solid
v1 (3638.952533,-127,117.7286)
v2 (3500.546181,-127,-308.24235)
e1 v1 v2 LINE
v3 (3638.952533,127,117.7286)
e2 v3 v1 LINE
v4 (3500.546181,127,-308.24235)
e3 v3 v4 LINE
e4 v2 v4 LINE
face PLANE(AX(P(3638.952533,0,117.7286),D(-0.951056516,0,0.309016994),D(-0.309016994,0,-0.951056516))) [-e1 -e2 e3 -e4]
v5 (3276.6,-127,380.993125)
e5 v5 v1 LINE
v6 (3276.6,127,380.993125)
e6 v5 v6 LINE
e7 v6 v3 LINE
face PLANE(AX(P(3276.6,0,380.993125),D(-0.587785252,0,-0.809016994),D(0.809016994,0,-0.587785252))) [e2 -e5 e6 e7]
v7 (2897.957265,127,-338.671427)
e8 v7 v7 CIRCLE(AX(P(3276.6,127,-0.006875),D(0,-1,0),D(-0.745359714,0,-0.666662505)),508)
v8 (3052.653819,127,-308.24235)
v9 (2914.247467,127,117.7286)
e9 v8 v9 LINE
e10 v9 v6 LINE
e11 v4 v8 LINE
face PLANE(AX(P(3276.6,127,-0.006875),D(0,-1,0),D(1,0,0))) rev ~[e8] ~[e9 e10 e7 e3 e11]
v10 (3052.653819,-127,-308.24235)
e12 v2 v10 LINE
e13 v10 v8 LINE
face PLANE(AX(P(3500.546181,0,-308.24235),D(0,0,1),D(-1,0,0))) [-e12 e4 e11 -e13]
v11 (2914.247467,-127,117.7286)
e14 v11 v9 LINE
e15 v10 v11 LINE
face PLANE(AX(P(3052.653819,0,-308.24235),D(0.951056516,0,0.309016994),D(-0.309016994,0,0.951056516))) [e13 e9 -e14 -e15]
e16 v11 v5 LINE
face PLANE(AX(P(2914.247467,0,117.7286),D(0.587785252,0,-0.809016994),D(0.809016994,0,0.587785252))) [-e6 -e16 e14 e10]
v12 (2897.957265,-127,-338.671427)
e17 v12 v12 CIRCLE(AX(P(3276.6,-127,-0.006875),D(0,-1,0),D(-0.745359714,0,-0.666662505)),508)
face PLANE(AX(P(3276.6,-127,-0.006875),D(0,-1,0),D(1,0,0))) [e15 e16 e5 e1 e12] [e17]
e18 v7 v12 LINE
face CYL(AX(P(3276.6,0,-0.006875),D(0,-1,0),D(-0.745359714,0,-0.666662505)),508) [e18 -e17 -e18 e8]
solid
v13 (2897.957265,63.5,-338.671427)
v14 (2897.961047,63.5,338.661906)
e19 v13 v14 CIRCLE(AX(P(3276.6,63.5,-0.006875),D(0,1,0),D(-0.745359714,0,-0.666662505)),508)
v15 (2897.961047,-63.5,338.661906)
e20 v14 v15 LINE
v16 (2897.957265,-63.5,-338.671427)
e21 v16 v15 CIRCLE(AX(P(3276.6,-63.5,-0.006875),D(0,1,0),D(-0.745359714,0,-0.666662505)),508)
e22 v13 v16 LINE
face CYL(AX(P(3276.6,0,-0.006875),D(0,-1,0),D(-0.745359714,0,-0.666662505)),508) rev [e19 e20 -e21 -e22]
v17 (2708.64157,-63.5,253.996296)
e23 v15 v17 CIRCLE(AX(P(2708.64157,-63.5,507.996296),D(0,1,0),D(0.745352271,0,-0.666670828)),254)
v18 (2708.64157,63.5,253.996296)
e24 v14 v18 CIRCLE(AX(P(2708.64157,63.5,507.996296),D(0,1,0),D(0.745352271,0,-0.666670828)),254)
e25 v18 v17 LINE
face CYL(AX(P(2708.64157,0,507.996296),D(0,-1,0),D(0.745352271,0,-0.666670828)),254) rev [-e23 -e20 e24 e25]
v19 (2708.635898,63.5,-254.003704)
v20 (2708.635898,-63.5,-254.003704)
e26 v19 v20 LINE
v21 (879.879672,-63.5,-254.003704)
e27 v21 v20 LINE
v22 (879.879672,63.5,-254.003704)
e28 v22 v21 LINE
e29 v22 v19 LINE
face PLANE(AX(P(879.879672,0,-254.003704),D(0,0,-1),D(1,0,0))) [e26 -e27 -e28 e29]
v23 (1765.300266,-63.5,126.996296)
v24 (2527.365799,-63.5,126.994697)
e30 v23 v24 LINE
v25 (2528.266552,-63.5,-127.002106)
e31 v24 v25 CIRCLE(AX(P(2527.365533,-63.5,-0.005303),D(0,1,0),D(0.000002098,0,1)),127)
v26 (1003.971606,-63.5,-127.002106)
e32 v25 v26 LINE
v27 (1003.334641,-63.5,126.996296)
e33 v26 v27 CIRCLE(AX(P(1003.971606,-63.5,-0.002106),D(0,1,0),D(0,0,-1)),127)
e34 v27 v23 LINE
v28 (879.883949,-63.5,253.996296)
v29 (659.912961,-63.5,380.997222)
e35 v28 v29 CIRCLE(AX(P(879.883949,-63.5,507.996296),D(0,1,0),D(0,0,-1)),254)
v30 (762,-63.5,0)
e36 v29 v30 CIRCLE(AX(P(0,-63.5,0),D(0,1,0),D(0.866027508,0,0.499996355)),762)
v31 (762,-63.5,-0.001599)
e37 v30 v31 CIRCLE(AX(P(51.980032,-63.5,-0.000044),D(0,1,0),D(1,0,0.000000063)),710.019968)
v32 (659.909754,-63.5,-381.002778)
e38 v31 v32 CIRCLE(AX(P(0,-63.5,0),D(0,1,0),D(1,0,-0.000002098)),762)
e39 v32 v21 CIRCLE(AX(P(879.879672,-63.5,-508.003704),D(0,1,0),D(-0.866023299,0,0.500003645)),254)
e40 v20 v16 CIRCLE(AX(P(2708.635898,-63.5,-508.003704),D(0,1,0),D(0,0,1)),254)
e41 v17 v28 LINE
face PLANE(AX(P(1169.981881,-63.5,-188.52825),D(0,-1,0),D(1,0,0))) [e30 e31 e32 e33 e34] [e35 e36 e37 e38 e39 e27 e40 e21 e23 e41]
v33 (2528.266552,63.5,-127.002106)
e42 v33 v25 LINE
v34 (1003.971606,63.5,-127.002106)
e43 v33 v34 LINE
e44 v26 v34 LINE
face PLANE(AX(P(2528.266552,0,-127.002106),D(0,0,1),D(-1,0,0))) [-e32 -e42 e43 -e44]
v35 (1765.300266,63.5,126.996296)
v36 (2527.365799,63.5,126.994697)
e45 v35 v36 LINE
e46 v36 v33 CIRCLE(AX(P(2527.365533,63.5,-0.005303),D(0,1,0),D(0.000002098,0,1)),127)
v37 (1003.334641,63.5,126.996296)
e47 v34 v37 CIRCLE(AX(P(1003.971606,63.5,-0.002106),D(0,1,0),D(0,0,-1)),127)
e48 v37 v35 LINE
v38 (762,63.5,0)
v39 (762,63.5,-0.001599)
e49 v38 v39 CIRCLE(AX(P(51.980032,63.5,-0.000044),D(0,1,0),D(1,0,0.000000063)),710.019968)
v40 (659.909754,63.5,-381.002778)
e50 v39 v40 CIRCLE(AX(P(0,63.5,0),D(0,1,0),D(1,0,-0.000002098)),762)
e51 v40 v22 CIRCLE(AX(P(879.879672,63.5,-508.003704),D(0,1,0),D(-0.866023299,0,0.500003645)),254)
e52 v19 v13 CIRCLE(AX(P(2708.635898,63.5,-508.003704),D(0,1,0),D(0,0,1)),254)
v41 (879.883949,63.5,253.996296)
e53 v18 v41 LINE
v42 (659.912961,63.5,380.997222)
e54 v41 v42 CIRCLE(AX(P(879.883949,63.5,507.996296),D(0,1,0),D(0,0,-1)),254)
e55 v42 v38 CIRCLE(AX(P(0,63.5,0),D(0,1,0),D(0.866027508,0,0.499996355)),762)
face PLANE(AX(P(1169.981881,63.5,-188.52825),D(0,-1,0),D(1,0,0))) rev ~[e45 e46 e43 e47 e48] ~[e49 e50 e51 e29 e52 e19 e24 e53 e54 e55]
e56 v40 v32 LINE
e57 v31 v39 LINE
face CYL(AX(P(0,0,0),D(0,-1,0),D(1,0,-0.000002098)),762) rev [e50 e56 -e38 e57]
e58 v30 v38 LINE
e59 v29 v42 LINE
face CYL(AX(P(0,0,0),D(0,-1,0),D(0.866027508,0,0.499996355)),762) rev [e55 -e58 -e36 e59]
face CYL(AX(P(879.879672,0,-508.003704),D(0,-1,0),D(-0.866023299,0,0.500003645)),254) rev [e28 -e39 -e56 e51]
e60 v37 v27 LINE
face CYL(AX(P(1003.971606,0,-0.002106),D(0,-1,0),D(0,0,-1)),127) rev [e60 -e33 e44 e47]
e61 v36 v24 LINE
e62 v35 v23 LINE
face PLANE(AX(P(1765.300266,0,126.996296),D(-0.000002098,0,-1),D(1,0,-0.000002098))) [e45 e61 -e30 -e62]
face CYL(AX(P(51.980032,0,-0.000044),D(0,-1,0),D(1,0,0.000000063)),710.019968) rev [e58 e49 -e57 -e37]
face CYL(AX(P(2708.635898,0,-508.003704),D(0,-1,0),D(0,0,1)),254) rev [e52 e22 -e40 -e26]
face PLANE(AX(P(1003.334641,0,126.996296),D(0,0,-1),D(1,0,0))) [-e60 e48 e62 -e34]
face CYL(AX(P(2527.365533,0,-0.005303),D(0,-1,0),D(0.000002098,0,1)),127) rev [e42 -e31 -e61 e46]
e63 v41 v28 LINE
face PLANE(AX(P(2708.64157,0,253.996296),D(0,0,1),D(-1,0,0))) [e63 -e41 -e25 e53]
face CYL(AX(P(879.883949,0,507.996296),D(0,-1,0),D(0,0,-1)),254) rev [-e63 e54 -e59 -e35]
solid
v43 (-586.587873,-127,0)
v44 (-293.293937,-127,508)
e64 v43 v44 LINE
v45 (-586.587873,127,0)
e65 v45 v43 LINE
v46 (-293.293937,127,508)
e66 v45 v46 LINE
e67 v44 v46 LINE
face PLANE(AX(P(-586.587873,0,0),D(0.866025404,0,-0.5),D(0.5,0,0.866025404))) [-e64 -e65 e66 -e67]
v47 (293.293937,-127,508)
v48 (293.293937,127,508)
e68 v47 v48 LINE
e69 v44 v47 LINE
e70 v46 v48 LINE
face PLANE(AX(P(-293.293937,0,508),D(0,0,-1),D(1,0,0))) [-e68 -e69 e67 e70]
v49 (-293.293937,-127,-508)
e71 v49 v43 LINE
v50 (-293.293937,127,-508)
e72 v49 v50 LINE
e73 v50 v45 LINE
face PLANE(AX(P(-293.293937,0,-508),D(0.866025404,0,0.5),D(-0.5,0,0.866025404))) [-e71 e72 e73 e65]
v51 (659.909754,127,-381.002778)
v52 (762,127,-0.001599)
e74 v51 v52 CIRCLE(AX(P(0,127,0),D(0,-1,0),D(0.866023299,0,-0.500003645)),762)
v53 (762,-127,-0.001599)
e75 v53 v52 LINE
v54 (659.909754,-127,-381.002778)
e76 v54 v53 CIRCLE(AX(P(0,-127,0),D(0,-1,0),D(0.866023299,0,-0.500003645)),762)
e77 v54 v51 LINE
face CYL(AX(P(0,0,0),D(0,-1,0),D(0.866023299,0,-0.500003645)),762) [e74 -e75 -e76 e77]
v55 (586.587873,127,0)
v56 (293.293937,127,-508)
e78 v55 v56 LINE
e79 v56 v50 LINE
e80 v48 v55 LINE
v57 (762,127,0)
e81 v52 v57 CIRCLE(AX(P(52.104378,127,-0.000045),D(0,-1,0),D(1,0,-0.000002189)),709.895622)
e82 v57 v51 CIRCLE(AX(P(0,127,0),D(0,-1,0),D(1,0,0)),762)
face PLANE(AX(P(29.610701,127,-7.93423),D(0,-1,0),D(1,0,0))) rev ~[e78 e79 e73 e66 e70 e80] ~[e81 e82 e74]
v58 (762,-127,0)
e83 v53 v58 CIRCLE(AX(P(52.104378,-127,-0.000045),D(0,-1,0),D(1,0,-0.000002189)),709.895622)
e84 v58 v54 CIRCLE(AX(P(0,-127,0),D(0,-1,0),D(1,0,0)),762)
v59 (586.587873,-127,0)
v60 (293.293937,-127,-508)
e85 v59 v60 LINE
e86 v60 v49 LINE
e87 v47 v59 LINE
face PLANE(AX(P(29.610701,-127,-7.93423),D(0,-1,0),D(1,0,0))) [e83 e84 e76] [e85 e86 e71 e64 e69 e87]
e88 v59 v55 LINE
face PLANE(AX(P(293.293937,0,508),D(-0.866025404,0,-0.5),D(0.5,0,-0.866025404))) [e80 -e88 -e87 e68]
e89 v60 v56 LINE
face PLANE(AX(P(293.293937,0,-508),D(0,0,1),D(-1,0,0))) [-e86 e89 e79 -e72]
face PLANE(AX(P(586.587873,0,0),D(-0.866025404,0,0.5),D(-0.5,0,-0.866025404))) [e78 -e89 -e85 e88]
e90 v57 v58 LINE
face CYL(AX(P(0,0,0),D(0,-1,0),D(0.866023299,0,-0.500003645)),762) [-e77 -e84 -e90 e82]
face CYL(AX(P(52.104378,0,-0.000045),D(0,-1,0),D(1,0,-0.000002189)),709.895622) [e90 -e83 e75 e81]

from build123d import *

# Parameters (mm, degrees)
F1_DEPTH = 127
F2_DEPTH = 63.5


with BuildPart() as f1:
    # F0 (on Front) → F1 (new body, symmetric)
    with BuildSketch(Plane.XZ):
        with BuildLine():
            ThreePointArc((761.9999999983, -0.0015987574), (761.9999999996, -0.0007993787), (762, 0))
            ThreePointArc((762, 0), (736.0358947208, 197.21856323), (659.9129614632, 380.997222159))
            ThreePointArc((659.9129614632, 380.997222159), (-761.9999999932, 0.0032075745), (659.9097538887, -381.002777841))
            ThreePointArc((659.9097538887, -381.002777841), (736.034857643, -197.2224336491), (761.9999999983, -0.0015987574))
        make_face()
        Polygon((-586.5878734967, 0), (-293.2939367483, 508), (293.2939367483, 508), (586.5878734967, 0), (293.2939367483, -508), (-293.2939367483, -508), align=None, mode=Mode.SUBTRACT)
    extrude(amount=F1_DEPTH, both=True)


with BuildPart() as f1b:
    # F0 (on Front) → F1, piece 2 (new body, symmetric)
    with BuildSketch(Plane.XZ):
        with BuildLine():
            ThreePointArc((3784.6, -0.0068746569), (3457.8669463157, 474.5521776995), (2897.9610465616, 338.6619059224))
            ThreePointArc((2897.9610465616, 338.6619059224), (2802.0411378026, 181.2605694965), (2768.6000000011, -0.0058088186))
            ThreePointArc((2768.6000000011, -0.0058088186), (2802.0397455008, -181.2706737169), (2897.9572650798, -338.671427411))
            ThreePointArc((2897.9572650798, -338.671427411), (3457.8642968989, -474.5669390004), (3784.6, -0.0068746569))
        make_face()
        Polygon((3638.9525327085, 117.7286002), (3500.5461811234, -308.2423495137), (3052.6538188766, -308.2423495137), (2914.2474672915, 117.7286002), (3276.6, 380.9931253431), align=None, mode=Mode.SUBTRACT)
    extrude(amount=F1_DEPTH, both=True)


with BuildPart() as f2:
    # F0 (on Front) → F2 (new body, symmetric)
    with BuildSketch(Plane.XZ):
        with BuildLine():
            Line((876.9716055234, -0.0018399801), (761.9999999983, -0.0015987574))
            ThreePointArc((761.9999999983, -0.0015987574), (736.034857643, -197.2224336491), (659.9097538887, -381.002777841))
            ThreePointArc((659.9097538887, -381.002777841), (752.8801348259, -288.0329839291), (879.8796718516, -254.003703788))
            Line((879.8796718516, -254.003703788), (1765.2999999997, -254.003703788))
            Line((1765.2999999997, -254.003703788), (1765.2999999997, -127.0021064397))
            Line((1765.2999999997, -127.0021064397), (1003.9716055232, -127.0021064397))
            ThreePointArc((1003.9716055232, -127.0021064397), (914.1689501048, -89.8045734427), (876.9716055234, -0.0018399801))
        make_face()
        with BuildLine():
            ThreePointArc((659.9129614632, 380.997222159), (736.0358947208, 197.21856323), (762, 0))
            ThreePointArc((762, 0), (761.9999999996, -0.0007993787), (761.9999999983, -0.0015987574))
            Line((761.9999999983, -0.0015987574), (876.9716055234, -0.0018399801))
            ThreePointArc((876.9716055234, -0.0018399801), (913.9442189309, 89.5750651129), (1003.3346408523, 126.9962962117))
            Line((1003.3346408523, 126.9962962117), (1765.2999999997, 126.9962962117))
            Line((1765.2999999997, 126.9962962117), (1765.2999999997, 253.996296212))
            Line((1765.2999999997, 253.996296212), (879.8839486176, 253.996296212))
            ThreePointArc((879.8839486176, 253.996296212), (752.8834856449, 288.0261109488), (659.9129614632, 380.997222159))
        make_face()
        with BuildLine():
            Line((2708.6415698423, 253.996296212), (1765.2999999997, 253.996296212))
            Line((1765.2999999997, 253.996296212), (1765.2999999997, 126.9962962117))
            Line((1765.2999999997, 126.9962962117), (1765.3002664593, 126.9962962117))
            Line((1765.3002664593, 126.9962962117), (2527.3657989809, 126.9946973168))
            ThreePointArc((2527.3657989809, 126.9946973168), (2617.1682821472, 89.7970701122), (2654.3655325211, -0.0055691425))
            Line((2654.3655325211, -0.0055691425), (2768.6000000011, -0.0058088186))
            ThreePointArc((2768.6000000011, -0.0058088186), (2802.0411378026, 181.2605694965), (2897.9610465616, 338.6619059224))
            ThreePointArc((2897.9610465616, 338.6619059224), (2812.3359883672, 276.1267907422), (2708.6415698423, 253.996296212))
        make_face()
        with BuildLine():
            Line((1765.2999999997, -127.0021064397), (1765.2999999997, -254.003703788))
            Line((1765.2999999997, -254.003703788), (2708.6358976196, -254.003703788))
            ThreePointArc((2708.6358976196, -254.003703788), (2812.3316106463, -276.1347772371), (2897.9572650798, -338.671427411))
            ThreePointArc((2897.9572650798, -338.671427411), (2802.0397455008, -181.2706737169), (2768.6000000011, -0.0058088186))
            Line((2768.6000000011, -0.0058088186), (2654.3655325211, -0.0055691425))
            ThreePointArc((2654.3655325211, -0.0055691425), (2617.4859952267, -89.4888330211), (2528.266551702, -127.0021064397))
            Line((2528.266551702, -127.0021064397), (1765.2999999997, -127.0021064397))
        make_face()
    extrude(amount=F2_DEPTH, both=True)


solid = Compound([f1.part, f1b.part, f2.part])
